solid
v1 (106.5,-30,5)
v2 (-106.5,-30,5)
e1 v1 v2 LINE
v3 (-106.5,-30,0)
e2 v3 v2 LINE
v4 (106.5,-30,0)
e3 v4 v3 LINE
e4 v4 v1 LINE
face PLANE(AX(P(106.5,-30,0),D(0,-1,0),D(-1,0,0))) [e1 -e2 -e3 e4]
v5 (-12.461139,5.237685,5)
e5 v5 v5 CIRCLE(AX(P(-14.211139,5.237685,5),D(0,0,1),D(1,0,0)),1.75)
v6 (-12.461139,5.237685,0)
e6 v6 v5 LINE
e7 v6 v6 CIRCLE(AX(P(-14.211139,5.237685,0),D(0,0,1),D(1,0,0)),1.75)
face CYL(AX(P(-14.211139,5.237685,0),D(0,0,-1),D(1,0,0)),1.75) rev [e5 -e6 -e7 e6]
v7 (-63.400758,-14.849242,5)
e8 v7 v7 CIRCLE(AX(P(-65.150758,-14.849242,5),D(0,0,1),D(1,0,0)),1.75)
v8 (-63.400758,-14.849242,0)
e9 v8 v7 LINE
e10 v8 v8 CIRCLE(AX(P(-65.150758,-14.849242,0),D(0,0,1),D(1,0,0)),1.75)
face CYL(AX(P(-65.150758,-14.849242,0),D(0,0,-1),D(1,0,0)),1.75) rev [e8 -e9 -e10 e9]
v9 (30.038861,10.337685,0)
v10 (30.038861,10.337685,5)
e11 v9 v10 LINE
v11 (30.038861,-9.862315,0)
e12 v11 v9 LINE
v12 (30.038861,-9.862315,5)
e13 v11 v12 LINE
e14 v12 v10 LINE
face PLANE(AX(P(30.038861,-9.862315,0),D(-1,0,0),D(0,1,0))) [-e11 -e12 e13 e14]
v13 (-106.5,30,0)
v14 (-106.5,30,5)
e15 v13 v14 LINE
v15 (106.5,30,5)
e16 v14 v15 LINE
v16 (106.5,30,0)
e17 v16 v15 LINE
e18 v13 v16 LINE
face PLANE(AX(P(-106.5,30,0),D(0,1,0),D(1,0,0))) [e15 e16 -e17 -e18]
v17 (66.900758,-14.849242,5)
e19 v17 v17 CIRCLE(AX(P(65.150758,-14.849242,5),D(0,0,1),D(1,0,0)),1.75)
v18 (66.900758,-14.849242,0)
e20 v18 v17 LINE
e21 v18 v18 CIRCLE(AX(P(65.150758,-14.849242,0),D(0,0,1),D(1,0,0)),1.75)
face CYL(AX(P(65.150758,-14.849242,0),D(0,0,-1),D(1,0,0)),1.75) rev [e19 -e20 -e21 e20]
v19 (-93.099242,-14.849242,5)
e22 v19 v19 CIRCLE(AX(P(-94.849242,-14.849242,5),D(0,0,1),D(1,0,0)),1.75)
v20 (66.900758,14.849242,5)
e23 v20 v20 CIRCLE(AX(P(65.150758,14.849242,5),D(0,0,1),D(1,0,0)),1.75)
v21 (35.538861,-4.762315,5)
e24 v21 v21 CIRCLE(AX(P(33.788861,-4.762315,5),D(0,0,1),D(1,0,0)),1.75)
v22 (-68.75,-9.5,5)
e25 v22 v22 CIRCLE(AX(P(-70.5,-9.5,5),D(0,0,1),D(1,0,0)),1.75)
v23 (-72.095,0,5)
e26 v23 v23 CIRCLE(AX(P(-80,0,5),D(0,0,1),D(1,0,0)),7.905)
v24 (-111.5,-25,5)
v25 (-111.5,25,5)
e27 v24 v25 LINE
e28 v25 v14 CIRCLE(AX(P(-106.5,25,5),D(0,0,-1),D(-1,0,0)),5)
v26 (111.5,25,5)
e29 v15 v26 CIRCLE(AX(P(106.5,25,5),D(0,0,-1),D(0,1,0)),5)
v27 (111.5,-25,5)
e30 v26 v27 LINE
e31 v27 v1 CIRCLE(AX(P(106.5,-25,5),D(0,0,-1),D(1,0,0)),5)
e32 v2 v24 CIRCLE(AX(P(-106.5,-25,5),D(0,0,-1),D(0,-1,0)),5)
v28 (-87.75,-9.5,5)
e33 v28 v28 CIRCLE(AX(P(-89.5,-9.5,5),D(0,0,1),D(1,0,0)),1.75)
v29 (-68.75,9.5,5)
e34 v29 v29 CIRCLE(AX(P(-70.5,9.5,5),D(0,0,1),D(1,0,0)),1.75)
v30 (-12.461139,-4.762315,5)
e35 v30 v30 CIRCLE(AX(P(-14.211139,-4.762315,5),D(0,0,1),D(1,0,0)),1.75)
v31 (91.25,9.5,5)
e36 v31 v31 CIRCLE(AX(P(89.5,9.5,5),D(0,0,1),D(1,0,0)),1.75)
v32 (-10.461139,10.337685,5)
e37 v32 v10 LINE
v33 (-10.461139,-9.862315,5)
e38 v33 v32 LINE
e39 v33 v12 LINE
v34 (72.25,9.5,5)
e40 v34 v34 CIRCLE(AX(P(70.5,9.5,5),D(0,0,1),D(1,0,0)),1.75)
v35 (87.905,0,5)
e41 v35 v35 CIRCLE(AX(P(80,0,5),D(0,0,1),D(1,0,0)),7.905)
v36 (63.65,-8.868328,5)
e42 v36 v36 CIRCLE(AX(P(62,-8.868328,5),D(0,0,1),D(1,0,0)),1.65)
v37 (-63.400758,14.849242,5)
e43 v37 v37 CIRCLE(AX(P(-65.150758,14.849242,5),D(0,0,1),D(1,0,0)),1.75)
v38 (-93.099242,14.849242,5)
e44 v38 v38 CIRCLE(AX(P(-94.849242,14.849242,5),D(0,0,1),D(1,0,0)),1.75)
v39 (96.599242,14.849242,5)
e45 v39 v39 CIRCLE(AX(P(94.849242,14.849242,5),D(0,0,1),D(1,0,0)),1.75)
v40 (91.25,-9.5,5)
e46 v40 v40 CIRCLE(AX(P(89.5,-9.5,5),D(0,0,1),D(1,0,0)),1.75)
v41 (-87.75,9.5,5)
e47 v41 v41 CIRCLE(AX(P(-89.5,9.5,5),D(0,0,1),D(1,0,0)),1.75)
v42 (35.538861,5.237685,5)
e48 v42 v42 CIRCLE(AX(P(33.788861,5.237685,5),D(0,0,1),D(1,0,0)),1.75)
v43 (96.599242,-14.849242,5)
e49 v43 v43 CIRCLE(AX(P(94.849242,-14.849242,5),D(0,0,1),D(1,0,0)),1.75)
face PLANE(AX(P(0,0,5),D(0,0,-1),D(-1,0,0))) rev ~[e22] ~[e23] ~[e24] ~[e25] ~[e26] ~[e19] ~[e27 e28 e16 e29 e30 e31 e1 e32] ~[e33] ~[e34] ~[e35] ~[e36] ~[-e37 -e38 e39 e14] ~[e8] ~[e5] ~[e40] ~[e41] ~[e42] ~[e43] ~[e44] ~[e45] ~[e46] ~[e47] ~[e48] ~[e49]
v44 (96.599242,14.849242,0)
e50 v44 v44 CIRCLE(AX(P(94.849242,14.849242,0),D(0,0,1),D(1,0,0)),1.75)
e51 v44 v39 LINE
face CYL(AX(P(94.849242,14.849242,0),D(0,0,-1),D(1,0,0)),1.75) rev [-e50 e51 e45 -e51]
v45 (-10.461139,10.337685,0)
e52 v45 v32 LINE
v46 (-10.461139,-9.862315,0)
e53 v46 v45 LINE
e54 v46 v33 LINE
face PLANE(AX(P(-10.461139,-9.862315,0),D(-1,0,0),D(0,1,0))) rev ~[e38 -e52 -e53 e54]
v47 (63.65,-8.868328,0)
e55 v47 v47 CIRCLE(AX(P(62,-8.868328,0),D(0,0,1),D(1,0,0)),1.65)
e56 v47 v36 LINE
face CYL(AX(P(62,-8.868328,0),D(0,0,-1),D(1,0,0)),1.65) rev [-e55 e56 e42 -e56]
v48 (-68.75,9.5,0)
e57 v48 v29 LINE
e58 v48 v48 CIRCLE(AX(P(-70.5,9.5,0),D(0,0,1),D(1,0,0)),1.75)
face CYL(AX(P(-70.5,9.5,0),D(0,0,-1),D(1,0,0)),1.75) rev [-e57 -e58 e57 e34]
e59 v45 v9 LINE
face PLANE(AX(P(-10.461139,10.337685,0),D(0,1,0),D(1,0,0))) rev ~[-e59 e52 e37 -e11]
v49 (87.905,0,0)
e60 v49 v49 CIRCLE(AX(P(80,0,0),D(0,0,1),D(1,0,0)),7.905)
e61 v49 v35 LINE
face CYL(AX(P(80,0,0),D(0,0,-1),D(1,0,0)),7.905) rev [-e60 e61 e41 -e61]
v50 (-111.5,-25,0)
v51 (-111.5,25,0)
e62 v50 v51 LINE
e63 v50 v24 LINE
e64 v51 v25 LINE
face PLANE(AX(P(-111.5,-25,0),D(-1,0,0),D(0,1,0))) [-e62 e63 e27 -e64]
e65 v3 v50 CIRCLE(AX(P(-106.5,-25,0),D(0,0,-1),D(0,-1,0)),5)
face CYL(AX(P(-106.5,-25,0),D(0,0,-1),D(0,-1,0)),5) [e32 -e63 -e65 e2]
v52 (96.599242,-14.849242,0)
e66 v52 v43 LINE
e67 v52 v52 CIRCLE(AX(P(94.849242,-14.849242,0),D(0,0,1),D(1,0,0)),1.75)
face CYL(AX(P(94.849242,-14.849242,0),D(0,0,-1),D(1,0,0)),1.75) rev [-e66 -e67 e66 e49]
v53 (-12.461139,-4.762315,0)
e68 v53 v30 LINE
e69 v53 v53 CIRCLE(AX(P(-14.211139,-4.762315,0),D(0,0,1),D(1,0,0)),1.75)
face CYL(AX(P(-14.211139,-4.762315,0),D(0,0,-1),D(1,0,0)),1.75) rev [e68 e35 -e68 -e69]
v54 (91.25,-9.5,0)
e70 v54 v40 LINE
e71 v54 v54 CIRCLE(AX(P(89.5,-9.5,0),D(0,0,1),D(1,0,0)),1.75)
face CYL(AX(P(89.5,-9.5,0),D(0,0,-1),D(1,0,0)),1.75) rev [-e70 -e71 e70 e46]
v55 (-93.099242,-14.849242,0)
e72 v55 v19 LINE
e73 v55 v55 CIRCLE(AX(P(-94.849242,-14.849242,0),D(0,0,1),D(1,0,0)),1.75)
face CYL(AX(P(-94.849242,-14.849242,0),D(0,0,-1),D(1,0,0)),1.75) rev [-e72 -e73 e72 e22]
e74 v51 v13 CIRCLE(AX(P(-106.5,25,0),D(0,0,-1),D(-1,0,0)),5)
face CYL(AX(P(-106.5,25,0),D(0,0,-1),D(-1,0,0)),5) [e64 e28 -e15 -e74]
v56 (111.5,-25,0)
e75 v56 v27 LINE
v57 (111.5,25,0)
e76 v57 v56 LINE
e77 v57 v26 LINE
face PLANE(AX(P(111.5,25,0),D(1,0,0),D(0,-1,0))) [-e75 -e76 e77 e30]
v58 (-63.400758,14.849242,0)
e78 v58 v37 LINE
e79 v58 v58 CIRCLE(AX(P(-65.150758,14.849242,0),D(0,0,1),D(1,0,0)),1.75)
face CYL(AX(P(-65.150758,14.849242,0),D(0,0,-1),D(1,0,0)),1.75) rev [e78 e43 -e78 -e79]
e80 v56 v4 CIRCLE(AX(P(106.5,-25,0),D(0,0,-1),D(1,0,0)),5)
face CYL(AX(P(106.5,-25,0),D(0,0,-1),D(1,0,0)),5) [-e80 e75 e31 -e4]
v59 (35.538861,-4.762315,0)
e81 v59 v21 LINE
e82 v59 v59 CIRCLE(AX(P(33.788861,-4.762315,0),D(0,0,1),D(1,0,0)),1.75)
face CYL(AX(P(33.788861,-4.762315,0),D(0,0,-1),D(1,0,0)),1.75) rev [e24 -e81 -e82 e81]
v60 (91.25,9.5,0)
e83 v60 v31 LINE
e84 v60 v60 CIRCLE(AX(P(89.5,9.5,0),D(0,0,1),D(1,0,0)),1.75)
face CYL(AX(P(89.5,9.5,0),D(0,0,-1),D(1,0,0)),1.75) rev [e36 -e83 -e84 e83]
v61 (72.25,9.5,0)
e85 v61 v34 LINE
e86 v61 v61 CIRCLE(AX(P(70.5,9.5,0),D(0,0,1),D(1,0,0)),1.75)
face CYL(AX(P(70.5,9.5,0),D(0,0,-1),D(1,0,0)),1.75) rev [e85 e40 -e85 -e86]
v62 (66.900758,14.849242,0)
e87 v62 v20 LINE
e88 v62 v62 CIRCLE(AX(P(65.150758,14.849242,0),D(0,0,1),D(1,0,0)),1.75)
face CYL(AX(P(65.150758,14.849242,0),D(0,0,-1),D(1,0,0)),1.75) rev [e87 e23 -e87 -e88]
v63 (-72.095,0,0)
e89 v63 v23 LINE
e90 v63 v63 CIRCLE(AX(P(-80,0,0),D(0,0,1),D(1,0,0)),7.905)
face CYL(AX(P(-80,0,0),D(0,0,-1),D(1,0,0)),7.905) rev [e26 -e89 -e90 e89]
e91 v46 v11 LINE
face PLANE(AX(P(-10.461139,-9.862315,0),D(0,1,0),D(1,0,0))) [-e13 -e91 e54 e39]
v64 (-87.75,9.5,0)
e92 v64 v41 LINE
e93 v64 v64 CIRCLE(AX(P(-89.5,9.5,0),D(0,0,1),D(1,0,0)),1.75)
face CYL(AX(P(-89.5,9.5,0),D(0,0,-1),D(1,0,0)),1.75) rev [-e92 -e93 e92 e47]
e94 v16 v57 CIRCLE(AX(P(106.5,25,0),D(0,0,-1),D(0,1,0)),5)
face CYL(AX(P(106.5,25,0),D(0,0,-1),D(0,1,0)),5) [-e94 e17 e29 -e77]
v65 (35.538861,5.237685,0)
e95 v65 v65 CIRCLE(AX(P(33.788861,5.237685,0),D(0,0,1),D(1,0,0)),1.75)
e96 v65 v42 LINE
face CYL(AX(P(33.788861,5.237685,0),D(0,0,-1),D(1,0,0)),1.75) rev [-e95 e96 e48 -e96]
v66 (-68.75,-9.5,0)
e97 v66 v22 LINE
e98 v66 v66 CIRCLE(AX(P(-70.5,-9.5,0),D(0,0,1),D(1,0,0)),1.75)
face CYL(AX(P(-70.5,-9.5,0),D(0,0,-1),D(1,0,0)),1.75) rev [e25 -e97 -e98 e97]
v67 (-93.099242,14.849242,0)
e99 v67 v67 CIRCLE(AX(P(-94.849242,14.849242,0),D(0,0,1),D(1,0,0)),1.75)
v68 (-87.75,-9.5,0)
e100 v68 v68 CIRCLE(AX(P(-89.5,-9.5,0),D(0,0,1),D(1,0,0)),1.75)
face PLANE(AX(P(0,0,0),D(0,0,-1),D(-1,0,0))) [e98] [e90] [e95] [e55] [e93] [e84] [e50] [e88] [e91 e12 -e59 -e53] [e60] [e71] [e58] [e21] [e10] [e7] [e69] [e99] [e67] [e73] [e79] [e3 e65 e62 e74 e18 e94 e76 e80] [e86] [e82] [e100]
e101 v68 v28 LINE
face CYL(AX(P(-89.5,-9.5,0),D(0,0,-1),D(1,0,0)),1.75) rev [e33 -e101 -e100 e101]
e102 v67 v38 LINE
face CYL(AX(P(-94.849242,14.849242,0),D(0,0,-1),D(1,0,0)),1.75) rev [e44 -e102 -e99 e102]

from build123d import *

# Parameters (mm, degrees)
SKETCH_1_R      = 7.905
SKETCH_1_R_2    = 1.75
SKETCH_1_R_3    = 1.65
SKETCH_1_W      = 40.5
SKETCH_1_H      = 20.2
EXTRUDE_1_DEPTH = 5


with BuildPart() as part:
    # 草图1 → 凸台-拉伸1 (new body)
    with BuildSketch(Plane.XY):
        with BuildLine():
            Line((106.5, -30), (-106.5, -30))
            ThreePointArc((-106.5, -30), (-110.035533906, -28.535533906), (-111.5, -25))
            Line((-111.5, -25), (-111.5, 25))
            ThreePointArc((-111.5, 25), (-110.035533906, 28.535533906), (-106.5, 30))
            Line((-106.5, 30), (106.5, 30))
            ThreePointArc((106.5, 30), (110.035533906, 28.535533906), (111.5, 25))
            Line((111.5, 25), (111.5, -25))
            ThreePointArc((111.5, -25), (110.035533906, -28.535533906), (106.5, -30))
        make_face()
        with Locations((-80, 0)):
            Circle(SKETCH_1_R, mode=Mode.SUBTRACT)
        with Locations((80, 0)):
            Circle(SKETCH_1_R, mode=Mode.SUBTRACT)
        with Locations((33.788860906, -4.762314657)):
            Circle(SKETCH_1_R_2, mode=Mode.SUBTRACT)
        with Locations((33.788860906, 5.237685343)):
            Circle(SKETCH_1_R_2, mode=Mode.SUBTRACT)
        with Locations((-14.211139094, -4.762314657)):
            Circle(SKETCH_1_R_2, mode=Mode.SUBTRACT)
        with Locations((-14.211139094, 5.237685343)):
            Circle(SKETCH_1_R_2, mode=Mode.SUBTRACT)
        with Locations((-94.849242405, 14.849242405)):
            Circle(SKETCH_1_R_2, mode=Mode.SUBTRACT)
        with Locations((-94.849242405, -14.849242405)):
            Circle(SKETCH_1_R_2, mode=Mode.SUBTRACT)
        with Locations((-65.150757595, 14.849242405)):
            Circle(SKETCH_1_R_2, mode=Mode.SUBTRACT)
        with Locations((-65.150757595, -14.849242405)):
            Circle(SKETCH_1_R_2, mode=Mode.SUBTRACT)
        with Locations((65.150757595, -14.849242405)):
            Circle(SKETCH_1_R_2, mode=Mode.SUBTRACT)
        with Locations((94.849242405, -14.849242405)):
            Circle(SKETCH_1_R_2, mode=Mode.SUBTRACT)
        with Locations((65.150757595, 14.849242405)):
            Circle(SKETCH_1_R_2, mode=Mode.SUBTRACT)
        with Locations((94.849242405, 14.849242405)):
            Circle(SKETCH_1_R_2, mode=Mode.SUBTRACT)
        with Locations((-89.5, 9.5)):
            Circle(SKETCH_1_R_2, mode=Mode.SUBTRACT)
        with Locations((-89.5, -9.5)):
            Circle(SKETCH_1_R_2, mode=Mode.SUBTRACT)
        with Locations((-70.5, 9.5)):
            Circle(SKETCH_1_R_2, mode=Mode.SUBTRACT)
        with Locations((-70.5, -9.5)):
            Circle(SKETCH_1_R_2, mode=Mode.SUBTRACT)
        with Locations((89.5, -9.5)):
            Circle(SKETCH_1_R_2, mode=Mode.SUBTRACT)
        with Locations((62, -8.868327509)):
            Circle(SKETCH_1_R_3, mode=Mode.SUBTRACT)
        with Locations((70.5, 9.5)):
            Circle(SKETCH_1_R_2, mode=Mode.SUBTRACT)
        with Locations((89.5, 9.5)):
            Circle(SKETCH_1_R_2, mode=Mode.SUBTRACT)
        with Locations((9.788860906, 0.237685343)):
            Rectangle(SKETCH_1_W, SKETCH_1_H, mode=Mode.SUBTRACT)
    extrude(amount=EXTRUDE_1_DEPTH)


solid = part.part
